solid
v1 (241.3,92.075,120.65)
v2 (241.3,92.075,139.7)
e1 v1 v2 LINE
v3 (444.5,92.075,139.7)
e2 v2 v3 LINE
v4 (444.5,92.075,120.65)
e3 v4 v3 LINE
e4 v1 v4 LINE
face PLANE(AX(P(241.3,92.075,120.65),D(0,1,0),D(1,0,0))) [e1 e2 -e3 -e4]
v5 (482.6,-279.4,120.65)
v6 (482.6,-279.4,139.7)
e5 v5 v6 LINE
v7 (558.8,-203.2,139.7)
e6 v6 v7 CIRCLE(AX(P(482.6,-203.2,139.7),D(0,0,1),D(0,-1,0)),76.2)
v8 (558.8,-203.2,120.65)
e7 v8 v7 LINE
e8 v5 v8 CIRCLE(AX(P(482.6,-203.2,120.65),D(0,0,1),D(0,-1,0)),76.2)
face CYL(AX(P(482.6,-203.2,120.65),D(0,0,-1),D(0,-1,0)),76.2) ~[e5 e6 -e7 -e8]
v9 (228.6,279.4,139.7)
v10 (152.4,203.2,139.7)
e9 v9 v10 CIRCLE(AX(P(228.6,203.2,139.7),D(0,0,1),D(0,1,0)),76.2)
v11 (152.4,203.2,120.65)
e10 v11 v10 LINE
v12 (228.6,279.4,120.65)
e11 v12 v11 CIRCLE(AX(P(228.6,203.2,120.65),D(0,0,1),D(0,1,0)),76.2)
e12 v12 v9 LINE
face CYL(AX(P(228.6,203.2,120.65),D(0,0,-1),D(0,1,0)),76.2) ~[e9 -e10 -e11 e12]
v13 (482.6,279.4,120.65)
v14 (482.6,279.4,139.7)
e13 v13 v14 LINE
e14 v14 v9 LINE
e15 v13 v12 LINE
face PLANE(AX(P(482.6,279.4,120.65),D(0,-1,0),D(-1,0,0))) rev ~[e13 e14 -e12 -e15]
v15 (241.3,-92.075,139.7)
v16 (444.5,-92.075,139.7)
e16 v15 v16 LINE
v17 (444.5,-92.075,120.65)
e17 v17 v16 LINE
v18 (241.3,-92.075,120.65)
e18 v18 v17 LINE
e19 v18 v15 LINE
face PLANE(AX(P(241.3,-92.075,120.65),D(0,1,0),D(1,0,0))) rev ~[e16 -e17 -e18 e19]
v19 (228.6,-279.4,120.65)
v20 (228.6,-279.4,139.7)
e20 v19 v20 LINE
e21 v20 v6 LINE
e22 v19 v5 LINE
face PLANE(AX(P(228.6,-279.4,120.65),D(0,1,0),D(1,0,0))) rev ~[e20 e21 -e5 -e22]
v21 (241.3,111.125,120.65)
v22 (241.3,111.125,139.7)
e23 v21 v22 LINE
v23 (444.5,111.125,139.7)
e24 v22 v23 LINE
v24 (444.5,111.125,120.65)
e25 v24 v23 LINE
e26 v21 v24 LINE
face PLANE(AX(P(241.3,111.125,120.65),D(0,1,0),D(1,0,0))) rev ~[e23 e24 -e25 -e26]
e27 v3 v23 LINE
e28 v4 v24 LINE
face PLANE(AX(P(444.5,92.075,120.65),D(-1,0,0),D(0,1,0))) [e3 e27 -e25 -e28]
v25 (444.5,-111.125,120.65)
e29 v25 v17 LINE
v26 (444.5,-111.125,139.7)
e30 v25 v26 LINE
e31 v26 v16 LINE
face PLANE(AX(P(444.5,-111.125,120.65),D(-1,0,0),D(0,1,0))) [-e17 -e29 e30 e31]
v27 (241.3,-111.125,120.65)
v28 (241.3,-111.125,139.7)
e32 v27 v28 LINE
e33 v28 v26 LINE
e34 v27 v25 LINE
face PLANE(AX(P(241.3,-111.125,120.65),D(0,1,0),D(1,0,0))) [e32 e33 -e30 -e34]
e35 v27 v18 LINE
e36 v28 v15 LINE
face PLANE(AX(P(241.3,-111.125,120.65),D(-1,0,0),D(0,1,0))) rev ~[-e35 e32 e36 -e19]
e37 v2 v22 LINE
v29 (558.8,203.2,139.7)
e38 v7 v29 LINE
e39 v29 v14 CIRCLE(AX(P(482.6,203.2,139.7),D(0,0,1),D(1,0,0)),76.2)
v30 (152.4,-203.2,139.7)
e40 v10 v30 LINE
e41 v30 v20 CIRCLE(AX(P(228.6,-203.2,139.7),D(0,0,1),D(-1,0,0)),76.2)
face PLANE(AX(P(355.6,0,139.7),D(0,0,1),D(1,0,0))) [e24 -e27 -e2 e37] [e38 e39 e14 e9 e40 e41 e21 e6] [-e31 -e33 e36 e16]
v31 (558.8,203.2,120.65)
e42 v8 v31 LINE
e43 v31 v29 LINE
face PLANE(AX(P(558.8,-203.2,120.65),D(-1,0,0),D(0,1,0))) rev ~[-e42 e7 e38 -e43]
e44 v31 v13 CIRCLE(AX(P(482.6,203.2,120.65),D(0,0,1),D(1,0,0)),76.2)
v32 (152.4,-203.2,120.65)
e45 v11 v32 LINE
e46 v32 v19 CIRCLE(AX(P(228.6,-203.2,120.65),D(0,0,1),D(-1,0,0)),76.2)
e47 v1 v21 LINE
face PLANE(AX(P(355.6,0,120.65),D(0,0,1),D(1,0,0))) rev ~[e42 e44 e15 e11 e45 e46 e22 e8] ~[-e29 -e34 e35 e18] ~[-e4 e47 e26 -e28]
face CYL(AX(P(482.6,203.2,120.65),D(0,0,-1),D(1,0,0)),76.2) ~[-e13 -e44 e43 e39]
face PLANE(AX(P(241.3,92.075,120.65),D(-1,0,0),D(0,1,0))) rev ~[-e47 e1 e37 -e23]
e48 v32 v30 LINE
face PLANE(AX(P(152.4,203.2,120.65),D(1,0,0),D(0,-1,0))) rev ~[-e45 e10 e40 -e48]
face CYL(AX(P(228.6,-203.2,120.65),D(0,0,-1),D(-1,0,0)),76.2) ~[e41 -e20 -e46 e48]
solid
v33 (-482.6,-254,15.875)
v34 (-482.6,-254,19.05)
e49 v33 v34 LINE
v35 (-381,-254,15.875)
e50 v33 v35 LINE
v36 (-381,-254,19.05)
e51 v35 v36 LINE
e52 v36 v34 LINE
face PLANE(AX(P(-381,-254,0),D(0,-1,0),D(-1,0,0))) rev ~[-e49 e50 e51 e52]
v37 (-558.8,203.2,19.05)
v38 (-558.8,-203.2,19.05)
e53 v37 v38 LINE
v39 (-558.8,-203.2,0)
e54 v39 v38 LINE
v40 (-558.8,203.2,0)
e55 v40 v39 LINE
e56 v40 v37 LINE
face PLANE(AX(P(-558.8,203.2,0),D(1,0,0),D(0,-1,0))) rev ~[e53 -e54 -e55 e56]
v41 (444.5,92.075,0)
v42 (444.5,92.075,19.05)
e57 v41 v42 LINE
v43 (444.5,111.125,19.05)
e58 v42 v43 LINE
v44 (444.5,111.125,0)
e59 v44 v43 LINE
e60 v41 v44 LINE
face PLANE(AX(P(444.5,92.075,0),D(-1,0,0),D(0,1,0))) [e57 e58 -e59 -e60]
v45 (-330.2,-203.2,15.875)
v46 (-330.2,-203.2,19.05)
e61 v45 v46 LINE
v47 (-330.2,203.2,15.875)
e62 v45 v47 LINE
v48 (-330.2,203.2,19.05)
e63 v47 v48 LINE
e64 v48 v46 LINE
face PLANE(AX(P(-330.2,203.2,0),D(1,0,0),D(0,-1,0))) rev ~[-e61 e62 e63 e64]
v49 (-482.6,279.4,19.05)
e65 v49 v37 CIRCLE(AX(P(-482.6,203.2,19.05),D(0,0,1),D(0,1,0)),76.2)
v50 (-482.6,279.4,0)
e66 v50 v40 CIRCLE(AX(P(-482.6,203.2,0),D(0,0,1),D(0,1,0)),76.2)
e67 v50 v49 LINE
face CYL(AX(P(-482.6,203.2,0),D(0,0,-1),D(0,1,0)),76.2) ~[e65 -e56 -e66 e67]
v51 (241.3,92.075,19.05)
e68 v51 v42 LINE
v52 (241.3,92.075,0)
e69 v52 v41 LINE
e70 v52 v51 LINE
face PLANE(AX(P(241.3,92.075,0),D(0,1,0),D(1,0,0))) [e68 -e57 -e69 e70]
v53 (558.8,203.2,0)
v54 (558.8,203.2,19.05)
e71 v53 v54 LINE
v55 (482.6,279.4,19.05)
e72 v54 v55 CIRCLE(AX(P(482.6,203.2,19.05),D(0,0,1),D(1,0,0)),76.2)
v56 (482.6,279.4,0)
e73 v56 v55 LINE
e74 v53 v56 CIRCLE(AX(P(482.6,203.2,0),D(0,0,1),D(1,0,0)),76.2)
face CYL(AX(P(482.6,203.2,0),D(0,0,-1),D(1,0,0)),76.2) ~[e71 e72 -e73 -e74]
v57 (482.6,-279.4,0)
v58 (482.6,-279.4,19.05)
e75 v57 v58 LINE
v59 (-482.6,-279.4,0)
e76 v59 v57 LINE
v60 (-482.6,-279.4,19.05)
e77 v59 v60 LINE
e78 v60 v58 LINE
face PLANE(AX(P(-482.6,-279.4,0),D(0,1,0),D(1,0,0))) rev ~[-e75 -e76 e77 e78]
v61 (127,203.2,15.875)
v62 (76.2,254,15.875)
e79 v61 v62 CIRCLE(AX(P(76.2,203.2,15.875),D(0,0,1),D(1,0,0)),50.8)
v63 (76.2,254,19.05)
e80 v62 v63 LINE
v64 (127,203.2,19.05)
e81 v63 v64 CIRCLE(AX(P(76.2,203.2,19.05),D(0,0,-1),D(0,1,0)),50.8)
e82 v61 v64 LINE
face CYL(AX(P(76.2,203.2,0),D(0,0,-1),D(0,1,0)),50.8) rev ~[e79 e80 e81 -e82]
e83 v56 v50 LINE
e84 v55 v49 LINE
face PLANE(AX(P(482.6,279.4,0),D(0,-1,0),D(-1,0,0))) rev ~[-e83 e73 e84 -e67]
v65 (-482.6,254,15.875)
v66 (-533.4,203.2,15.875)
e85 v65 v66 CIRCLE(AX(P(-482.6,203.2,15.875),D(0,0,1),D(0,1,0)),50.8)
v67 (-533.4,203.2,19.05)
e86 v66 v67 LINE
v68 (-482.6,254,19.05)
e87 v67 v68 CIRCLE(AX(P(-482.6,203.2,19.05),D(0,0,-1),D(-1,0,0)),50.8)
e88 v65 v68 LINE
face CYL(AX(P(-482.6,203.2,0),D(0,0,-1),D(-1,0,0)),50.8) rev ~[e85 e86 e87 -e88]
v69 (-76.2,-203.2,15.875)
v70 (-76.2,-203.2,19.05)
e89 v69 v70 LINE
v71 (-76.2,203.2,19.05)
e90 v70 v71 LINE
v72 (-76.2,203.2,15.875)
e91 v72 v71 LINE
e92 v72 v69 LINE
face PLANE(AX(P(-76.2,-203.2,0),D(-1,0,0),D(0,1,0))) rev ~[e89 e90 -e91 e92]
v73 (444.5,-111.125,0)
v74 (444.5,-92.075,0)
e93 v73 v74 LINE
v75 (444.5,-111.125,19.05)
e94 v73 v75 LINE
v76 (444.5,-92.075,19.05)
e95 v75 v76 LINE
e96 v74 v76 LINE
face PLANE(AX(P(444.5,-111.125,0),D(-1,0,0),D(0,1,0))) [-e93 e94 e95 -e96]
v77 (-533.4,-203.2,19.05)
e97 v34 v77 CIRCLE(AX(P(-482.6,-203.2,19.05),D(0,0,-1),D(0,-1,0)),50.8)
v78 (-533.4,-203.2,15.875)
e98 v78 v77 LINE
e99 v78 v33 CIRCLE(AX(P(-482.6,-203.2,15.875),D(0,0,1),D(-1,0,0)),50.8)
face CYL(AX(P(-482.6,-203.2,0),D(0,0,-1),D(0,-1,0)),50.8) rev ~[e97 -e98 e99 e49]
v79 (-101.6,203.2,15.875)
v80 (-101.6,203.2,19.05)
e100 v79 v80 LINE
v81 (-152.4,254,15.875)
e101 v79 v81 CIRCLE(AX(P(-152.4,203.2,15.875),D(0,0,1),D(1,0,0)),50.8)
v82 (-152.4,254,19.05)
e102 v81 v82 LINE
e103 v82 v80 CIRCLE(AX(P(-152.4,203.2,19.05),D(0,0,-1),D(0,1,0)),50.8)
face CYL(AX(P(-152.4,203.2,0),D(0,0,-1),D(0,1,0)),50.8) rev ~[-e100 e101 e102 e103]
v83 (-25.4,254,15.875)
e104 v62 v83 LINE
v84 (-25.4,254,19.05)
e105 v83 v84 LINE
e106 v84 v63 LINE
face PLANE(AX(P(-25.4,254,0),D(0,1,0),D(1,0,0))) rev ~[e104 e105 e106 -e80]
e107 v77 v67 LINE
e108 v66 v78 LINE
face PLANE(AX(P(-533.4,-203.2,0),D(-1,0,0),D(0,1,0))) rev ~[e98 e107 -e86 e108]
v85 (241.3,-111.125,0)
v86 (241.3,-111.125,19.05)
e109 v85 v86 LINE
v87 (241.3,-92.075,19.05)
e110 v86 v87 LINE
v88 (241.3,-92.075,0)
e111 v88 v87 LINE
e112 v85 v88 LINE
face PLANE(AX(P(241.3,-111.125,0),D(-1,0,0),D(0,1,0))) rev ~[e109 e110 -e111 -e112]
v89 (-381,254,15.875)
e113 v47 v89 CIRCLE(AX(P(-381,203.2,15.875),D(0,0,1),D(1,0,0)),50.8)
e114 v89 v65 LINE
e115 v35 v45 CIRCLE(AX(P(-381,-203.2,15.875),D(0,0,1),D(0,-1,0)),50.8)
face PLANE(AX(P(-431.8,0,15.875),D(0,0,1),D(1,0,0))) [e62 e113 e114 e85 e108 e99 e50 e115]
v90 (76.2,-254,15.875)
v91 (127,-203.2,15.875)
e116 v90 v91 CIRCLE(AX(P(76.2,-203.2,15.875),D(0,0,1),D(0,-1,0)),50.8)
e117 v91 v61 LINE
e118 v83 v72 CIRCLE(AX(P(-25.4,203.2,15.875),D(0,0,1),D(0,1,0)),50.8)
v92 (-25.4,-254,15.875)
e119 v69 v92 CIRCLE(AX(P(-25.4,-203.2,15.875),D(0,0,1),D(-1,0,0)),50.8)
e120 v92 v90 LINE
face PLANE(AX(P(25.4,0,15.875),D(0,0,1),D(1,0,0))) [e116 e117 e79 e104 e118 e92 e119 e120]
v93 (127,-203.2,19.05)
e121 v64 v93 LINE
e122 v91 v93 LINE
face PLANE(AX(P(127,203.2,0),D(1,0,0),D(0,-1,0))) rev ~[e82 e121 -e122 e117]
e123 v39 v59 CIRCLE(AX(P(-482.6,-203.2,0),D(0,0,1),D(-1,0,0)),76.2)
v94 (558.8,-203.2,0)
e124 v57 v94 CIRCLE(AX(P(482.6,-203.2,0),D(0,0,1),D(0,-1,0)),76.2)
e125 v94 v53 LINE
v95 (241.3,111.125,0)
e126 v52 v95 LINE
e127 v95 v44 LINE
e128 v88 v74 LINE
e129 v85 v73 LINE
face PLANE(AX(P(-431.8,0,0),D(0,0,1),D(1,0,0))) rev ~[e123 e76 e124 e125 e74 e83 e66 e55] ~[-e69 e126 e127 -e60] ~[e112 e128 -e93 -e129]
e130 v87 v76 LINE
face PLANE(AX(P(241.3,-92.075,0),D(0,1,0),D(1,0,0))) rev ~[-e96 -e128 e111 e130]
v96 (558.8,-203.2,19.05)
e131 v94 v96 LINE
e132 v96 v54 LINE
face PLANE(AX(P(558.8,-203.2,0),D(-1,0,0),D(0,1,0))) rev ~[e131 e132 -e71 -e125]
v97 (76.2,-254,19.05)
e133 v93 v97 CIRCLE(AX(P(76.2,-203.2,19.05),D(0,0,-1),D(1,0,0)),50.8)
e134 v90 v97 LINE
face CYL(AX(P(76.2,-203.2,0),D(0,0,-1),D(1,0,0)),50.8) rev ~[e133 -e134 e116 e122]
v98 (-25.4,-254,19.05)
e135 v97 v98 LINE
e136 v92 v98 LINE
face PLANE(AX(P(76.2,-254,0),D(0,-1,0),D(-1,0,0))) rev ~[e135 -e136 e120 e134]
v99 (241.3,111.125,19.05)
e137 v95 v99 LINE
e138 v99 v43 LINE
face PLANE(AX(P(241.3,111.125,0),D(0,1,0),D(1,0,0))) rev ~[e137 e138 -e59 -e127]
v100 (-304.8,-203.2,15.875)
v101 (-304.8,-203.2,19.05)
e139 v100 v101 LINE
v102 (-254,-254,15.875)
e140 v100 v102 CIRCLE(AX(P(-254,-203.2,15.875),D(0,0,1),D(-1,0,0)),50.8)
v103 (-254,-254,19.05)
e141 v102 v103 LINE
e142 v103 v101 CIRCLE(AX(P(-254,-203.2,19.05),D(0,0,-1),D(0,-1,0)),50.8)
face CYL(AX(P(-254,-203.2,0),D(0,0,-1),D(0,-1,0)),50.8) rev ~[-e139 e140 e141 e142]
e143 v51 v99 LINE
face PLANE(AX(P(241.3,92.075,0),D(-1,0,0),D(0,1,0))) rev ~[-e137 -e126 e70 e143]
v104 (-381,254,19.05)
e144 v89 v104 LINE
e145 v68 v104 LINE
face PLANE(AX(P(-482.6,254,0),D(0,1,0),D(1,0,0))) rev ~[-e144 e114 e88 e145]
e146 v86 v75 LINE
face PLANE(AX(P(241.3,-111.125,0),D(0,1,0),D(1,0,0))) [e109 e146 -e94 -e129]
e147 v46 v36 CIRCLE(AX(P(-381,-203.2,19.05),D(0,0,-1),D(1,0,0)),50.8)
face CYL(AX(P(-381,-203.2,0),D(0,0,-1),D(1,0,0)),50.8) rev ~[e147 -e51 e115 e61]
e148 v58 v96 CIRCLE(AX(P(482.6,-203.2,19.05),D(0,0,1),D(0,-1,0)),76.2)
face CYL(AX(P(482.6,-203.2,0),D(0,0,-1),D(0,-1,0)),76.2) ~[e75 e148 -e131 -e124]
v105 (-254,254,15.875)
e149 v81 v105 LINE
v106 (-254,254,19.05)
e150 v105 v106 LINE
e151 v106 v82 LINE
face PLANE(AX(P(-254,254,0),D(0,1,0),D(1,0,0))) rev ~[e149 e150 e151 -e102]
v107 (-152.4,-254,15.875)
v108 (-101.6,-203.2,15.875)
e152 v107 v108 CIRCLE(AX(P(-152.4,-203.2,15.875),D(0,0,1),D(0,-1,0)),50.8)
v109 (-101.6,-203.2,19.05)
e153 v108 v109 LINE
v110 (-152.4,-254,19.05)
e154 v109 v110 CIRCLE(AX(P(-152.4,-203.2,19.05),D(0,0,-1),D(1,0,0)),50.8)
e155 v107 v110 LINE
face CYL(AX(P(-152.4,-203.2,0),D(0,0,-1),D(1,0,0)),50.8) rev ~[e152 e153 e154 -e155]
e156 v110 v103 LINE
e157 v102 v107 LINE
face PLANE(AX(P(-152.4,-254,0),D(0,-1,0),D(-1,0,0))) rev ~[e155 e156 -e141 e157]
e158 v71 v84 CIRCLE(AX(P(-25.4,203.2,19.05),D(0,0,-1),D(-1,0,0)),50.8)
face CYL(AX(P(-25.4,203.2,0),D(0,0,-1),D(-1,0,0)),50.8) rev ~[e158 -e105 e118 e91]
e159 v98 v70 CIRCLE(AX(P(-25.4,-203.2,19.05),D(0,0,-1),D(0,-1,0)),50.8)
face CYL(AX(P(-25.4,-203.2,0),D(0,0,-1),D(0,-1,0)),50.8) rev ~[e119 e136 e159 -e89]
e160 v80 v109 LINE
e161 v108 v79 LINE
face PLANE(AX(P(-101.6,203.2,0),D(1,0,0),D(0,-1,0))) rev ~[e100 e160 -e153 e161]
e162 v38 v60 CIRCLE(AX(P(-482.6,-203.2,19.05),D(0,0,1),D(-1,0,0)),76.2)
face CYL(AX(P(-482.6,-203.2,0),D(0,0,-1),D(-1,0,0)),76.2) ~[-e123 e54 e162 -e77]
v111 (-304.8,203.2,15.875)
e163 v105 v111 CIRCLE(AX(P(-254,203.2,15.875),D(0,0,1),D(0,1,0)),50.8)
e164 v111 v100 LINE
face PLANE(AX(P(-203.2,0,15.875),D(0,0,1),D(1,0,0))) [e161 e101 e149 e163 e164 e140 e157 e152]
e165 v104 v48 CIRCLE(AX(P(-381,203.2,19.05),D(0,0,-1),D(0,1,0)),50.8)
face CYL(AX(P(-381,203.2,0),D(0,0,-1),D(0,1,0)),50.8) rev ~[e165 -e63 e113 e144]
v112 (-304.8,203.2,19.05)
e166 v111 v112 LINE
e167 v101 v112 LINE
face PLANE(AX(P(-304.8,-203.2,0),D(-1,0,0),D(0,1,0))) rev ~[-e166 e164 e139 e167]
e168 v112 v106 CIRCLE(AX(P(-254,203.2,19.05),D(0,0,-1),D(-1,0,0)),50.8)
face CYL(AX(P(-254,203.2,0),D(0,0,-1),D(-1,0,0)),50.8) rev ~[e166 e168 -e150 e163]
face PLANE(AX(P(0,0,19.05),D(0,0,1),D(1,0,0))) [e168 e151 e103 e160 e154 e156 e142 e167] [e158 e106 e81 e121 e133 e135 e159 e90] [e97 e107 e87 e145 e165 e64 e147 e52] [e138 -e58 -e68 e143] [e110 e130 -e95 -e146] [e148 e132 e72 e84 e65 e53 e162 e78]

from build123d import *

# Parameters (mm, degrees)
F0_W     = 203.2
F0_H     = 19.05
F1_DEPTH = 19.05
F2_DEPTH = 15.875
F4_W     = 203.2
F4_H     = 19.05
F5_DEPTH = 19.05
F6_DEPTH = 25.4
F7_DEPTH = 25.4


with BuildPart() as f1:
    # F0 (on Top) → F1 (new body)
    with BuildSketch(Plane.XY):
        with BuildLine():
            Line((-482.6, -279.4), (482.6, -279.4))
            ThreePointArc((482.6, -279.4), (536.4815367264, -257.0815367264), (558.8, -203.2))
            Line((558.8, -203.2), (558.8, 203.2))
            ThreePointArc((558.8, 203.2), (536.4815367264, 257.0815367264), (482.6, 279.4))
            Line((482.6, 279.4), (-482.6, 279.4))
            ThreePointArc((-482.6, 279.4), (-536.4815367264, 257.0815367264), (-558.8, 203.2))
            Line((-558.8, 203.2), (-558.8, -203.2))
            ThreePointArc((-558.8, -203.2), (-536.4815367264, -257.0815367264), (-482.6, -279.4))
        make_face()
        with Locations((342.9, -101.6)):
            Rectangle(F0_W, F0_H, mode=Mode.SUBTRACT)
        with BuildLine():
            ThreePointArc((-533.4, 203.2), (-518.5210244843, 239.1210244843), (-482.6, 254))
            Line((-482.6, 254), (-381, 254))
            ThreePointArc((-381, 254), (-345.0789755157, 239.1210244843), (-330.2, 203.2))
            Line((-330.2, 203.2), (-330.2, -203.2))
            ThreePointArc((-330.2, -203.2), (-345.0789755157, -239.1210244843), (-381, -254))
            Line((-381, -254), (-482.6, -254))
            ThreePointArc((-482.6, -254), (-518.5210244843, -239.1210244843), (-533.4, -203.2))
            Line((-533.4, -203.2), (-533.4, 203.2))
        make_face(mode=Mode.SUBTRACT)
        with BuildLine():
            Line((-304.8, -203.2), (-304.8, 203.2))
            ThreePointArc((-304.8, 203.2), (-289.9210244843, 239.1210244843), (-254, 254))
            Line((-254, 254), (-152.4, 254))
            ThreePointArc((-152.4, 254), (-116.4789755157, 239.1210244843), (-101.6, 203.2))
            Line((-101.6, 203.2), (-101.6, -203.2))
            ThreePointArc((-101.6, -203.2), (-116.4789755157, -239.1210244843), (-152.4, -254))
            Line((-152.4, -254), (-254, -254))
            ThreePointArc((-254, -254), (-289.9210244843, -239.1210244843), (-304.8, -203.2))
        make_face(mode=Mode.SUBTRACT)
        with BuildLine():
            Line((-25.4, 254), (76.2, 254))
            ThreePointArc((76.2, 254), (112.1210244843, 239.1210244843), (127, 203.2))
            Line((127, 203.2), (127, 0))
            Line((127, 0), (127, -203.2))
            ThreePointArc((127, -203.2), (112.1210244843, -239.1210244843), (76.2, -254))
            Line((76.2, -254), (-25.4, -254))
            ThreePointArc((-25.4, -254), (-61.3210244843, -239.1210244843), (-76.2, -203.2))
            Line((-76.2, -203.2), (-76.2, 203.2))
            ThreePointArc((-76.2, 203.2), (-61.3210244843, 239.1210244843), (-25.4, 254))
        make_face(mode=Mode.SUBTRACT)
        with Locations((342.9, 101.6)):
            Rectangle(F0_W, F0_H, mode=Mode.SUBTRACT)
    extrude(amount=F1_DEPTH)

    # F0 (on Top) → F2 (join)
    with BuildSketch(Plane.XY):
        with BuildLine():
            Line((-381, 254), (-482.6, 254))
            ThreePointArc((-482.6, 254), (-518.5210244843, 239.1210244843), (-533.4, 203.2))
            Line((-533.4, 203.2), (-533.4, -203.2))
            ThreePointArc((-533.4, -203.2), (-518.5210244843, -239.1210244843), (-482.6, -254))
            Line((-482.6, -254), (-381, -254))
            ThreePointArc((-381, -254), (-345.0789755157, -239.1210244843), (-330.2, -203.2))
            Line((-330.2, -203.2), (-330.2, 203.2))
            ThreePointArc((-330.2, 203.2), (-345.0789755157, 239.1210244843), (-381, 254))
        make_face()
        with BuildLine():
            ThreePointArc((-254, 254), (-289.9210244843, 239.1210244843), (-304.8, 203.2))
            Line((-304.8, 203.2), (-304.8, -203.2))
            ThreePointArc((-304.8, -203.2), (-289.9210244843, -239.1210244843), (-254, -254))
            Line((-254, -254), (-152.4, -254))
            ThreePointArc((-152.4, -254), (-116.4789755157, -239.1210244843), (-101.6, -203.2))
            Line((-101.6, -203.2), (-101.6, 203.2))
            ThreePointArc((-101.6, 203.2), (-116.4789755157, 239.1210244843), (-152.4, 254))
            Line((-152.4, 254), (-254, 254))
        make_face()
        with BuildLine():
            ThreePointArc((127, 203.2), (112.1210244843, 239.1210244843), (76.2, 254))
            Line((76.2, 254), (-25.4, 254))
            ThreePointArc((-25.4, 254), (-61.3210244843, 239.1210244843), (-76.2, 203.2))
            Line((-76.2, 203.2), (-76.2, -203.2))
            ThreePointArc((-76.2, -203.2), (-61.3210244843, -239.1210244843), (-25.4, -254))
            Line((-25.4, -254), (76.2, -254))
            ThreePointArc((76.2, -254), (112.1210244843, -239.1210244843), (127, -203.2))
            Line((127, -203.2), (127, 0))
            Line((127, 0), (127, 203.2))
        make_face()
    extrude(amount=F2_DEPTH)

    # F0 (on Top) → F6 (cut)
    with BuildSketch(Plane.XY):
        with Locations((342.9, -101.6)):
            Rectangle(F0_W, F0_H)
        with Locations((342.9, 101.6)):
            Rectangle(F0_W, F0_H)
    extrude(amount=-F6_DEPTH, mode=Mode.SUBTRACT)

    # F4 (on offset) → F7 (cut)
    with BuildSketch(Plane.XY.offset(120.65)):
        with Locations((342.9, 101.6)):
            Rectangle(F4_W, F4_H)
        with Locations((342.9, -101.6)):
            Rectangle(F4_W, F4_H)
    extrude(amount=-F7_DEPTH, mode=Mode.SUBTRACT)


with BuildPart() as f5:
    # F4 (on offset) → F5 (new body)
    with BuildSketch(Plane.XY.offset(120.65)):
        with BuildLine():
            ThreePointArc((482.6, -279.4), (536.4815367264, -257.0815367264), (558.8, -203.2))
            Line((558.8, -203.2), (558.8, 203.2))
            ThreePointArc((558.8, 203.2), (536.4815367264, 257.0815367264), (482.6, 279.4))
            Line((482.6, 279.4), (228.6, 279.4))
            ThreePointArc((228.6, 279.4), (174.7184632736, 257.0815367264), (152.4, 203.2))
            Line((152.4, 203.2), (152.4, -203.2))
            ThreePointArc((152.4, -203.2), (174.7184632736, -257.0815367264), (228.6, -279.4))
            Line((228.6, -279.4), (482.6, -279.4))
        make_face()
        with Locations((342.9, -101.6)):
            Rectangle(F4_W, F4_H, mode=Mode.SUBTRACT)
        with Locations((342.9, 101.6)):
            Rectangle(F4_W, F4_H, mode=Mode.SUBTRACT)
    extrude(amount=F5_DEPTH)


solid = Compound([f1.part, f5.part])
